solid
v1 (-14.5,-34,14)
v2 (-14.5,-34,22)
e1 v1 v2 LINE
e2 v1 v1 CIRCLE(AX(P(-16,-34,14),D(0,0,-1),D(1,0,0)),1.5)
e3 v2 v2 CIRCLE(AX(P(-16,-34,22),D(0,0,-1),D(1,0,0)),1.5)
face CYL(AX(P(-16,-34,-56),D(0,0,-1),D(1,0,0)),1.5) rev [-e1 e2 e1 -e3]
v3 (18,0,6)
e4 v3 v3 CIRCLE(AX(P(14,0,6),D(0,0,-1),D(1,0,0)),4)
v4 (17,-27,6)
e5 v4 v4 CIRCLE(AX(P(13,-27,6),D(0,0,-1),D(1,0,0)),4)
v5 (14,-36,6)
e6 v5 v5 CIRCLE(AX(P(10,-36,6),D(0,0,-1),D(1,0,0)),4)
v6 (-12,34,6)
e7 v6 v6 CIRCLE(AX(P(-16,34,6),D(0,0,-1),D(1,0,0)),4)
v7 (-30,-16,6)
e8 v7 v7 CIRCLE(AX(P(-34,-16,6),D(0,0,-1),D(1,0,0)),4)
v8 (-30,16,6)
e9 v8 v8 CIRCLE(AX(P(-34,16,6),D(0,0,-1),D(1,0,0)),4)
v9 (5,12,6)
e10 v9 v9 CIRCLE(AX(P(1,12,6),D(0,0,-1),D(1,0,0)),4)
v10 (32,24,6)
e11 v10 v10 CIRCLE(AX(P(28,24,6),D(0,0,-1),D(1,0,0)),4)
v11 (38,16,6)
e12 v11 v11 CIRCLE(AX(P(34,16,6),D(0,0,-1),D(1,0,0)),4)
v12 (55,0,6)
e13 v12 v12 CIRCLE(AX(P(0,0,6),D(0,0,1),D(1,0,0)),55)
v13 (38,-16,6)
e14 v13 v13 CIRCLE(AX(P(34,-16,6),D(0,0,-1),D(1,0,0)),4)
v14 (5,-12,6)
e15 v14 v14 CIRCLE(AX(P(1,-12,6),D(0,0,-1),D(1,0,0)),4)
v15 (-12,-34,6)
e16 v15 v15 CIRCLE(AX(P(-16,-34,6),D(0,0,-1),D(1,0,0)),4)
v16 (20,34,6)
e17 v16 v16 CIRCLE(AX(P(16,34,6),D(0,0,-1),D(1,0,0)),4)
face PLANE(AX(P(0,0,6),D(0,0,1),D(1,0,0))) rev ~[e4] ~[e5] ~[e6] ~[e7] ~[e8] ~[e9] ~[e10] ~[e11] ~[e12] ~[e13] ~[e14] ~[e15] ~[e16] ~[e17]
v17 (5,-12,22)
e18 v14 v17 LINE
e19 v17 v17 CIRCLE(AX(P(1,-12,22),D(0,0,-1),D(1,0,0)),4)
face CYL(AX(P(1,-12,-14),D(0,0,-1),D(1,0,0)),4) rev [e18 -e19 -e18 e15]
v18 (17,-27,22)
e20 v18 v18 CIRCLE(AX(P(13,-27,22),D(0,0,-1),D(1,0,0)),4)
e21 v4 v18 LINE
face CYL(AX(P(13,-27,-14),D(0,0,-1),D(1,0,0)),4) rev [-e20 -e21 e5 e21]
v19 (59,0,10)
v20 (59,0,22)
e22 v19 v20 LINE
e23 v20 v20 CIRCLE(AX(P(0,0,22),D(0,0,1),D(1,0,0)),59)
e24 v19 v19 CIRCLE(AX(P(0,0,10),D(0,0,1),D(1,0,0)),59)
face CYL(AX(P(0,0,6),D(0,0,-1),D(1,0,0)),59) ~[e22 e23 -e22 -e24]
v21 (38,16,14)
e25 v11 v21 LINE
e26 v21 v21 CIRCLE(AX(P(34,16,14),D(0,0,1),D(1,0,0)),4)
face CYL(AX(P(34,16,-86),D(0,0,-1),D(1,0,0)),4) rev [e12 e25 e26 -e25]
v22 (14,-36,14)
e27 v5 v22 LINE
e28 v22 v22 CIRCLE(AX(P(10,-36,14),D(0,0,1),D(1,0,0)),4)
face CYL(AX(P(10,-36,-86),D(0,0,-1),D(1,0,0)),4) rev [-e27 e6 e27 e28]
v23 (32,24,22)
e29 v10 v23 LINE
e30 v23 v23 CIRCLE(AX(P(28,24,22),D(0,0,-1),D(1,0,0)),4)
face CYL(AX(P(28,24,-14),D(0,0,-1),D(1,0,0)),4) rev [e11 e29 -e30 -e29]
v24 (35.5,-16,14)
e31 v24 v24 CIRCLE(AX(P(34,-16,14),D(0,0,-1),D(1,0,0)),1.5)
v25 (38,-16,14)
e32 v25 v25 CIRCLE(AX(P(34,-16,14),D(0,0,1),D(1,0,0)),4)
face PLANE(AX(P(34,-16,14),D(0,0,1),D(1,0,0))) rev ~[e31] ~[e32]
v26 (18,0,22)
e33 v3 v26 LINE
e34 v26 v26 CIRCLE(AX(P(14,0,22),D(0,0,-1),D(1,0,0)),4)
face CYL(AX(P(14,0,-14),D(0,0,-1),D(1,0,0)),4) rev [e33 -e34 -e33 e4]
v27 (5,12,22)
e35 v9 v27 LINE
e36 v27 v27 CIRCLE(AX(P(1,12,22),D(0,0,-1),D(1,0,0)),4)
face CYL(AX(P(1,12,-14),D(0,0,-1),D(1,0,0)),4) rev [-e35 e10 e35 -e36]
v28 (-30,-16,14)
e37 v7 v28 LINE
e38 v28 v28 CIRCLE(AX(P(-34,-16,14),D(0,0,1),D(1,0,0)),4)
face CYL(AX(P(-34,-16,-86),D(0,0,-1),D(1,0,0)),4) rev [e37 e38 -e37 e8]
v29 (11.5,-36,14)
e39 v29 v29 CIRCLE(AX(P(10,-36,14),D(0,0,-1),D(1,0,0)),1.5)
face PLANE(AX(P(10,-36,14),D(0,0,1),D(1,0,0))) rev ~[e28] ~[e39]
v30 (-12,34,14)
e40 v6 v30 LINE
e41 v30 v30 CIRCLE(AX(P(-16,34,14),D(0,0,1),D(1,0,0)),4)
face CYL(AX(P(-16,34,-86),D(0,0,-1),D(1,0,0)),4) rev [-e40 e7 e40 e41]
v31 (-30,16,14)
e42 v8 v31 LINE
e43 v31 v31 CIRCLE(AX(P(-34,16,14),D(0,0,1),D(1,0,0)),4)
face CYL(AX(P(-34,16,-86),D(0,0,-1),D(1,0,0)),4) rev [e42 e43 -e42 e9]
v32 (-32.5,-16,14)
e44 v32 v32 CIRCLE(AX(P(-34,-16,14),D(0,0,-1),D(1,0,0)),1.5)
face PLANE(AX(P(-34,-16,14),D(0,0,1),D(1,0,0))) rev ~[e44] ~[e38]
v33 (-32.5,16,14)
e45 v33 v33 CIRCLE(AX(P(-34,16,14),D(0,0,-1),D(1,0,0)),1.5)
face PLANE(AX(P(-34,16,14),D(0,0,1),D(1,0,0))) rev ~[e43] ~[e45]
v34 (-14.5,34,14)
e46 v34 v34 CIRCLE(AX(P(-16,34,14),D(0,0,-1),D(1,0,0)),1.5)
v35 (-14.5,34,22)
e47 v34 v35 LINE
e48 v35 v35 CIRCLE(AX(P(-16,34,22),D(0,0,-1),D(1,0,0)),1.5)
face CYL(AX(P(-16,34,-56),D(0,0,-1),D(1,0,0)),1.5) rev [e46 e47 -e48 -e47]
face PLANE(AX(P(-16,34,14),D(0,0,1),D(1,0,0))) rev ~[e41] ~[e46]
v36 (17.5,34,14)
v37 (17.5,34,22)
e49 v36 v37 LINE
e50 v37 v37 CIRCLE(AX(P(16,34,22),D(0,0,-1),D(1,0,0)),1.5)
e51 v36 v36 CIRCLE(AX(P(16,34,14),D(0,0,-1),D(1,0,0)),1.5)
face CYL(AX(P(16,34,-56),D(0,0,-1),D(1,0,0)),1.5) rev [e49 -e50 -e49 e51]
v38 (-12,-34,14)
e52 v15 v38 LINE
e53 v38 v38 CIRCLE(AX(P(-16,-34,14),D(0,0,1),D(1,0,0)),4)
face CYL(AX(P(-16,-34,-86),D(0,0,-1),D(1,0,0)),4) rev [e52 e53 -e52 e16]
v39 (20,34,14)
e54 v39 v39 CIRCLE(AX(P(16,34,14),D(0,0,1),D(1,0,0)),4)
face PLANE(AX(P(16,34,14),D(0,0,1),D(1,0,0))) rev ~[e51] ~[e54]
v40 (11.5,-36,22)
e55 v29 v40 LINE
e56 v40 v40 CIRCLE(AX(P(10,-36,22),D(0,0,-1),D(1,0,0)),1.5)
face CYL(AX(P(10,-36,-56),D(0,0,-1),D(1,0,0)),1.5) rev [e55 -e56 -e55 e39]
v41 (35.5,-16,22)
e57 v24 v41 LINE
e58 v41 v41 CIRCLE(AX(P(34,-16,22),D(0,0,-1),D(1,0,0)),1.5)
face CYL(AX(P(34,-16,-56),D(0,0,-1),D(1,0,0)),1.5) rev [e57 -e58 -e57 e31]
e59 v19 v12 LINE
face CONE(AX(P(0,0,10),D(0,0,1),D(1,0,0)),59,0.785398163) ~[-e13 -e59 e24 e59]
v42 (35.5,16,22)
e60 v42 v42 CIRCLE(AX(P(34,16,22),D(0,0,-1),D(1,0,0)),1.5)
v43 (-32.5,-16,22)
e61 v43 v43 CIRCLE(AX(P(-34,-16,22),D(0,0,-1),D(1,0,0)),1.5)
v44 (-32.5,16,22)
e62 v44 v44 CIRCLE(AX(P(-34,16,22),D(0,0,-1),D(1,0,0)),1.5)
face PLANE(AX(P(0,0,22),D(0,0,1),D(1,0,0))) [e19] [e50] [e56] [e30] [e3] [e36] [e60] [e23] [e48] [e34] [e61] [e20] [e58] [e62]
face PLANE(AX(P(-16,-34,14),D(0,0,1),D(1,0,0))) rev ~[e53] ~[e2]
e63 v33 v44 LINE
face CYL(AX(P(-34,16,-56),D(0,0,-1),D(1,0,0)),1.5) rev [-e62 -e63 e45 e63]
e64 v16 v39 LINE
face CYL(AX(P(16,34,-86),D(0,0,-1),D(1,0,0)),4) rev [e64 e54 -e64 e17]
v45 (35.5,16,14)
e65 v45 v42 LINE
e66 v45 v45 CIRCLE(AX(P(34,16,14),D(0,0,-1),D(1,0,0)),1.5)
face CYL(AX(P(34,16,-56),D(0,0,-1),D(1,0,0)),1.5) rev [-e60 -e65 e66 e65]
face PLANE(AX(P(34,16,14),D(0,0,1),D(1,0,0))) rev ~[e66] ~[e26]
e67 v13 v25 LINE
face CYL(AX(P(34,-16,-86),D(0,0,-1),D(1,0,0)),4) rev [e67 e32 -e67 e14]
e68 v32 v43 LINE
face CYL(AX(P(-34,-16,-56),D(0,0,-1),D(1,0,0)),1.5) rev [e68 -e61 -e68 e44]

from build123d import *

# Parameters (mm, degrees)
CYLINDER1484_R     = 4
CYLINDER1484_DEPTH = 100
CYLINDER1483_R     = 4
CYLINDER1483_DEPTH = 100
CYLINDER1467_R     = 1.5
CYLINDER1467_DEPTH = 100
CYLINDER1468_R     = 1.5
CYLINDER1468_DEPTH = 100
CYLINDER1469_R     = 1.5
CYLINDER1469_DEPTH = 100
CYLINDER1470_R     = 1.5
CYLINDER1470_DEPTH = 100
CYLINDER1471_R     = 1.5
CYLINDER1471_DEPTH = 100
CYLINDER1472_R     = 1.5
CYLINDER1472_DEPTH = 100
CYLINDER1473_R     = 1.5
CYLINDER1473_DEPTH = 100
CYLINDER1466_R     = 1.5
CYLINDER1466_DEPTH = 100
CYLINDER1487_R     = 4
CYLINDER1487_DEPTH = 100
CYLINDER1485_R     = 4
CYLINDER1485_DEPTH = 100
CYLINDER1488_R     = 4
CYLINDER1488_DEPTH = 100
CYLINDER1489_R     = 4
CYLINDER1489_DEPTH = 100
CYLINDER1490_R     = 4
CYLINDER1490_DEPTH = 100
CYLINDER1491_R     = 4
CYLINDER1491_DEPTH = 100
CYLINDER1326_R     = 4
CYLINDER1326_DEPTH = 100
CYLINDER1486_R     = 4
CYLINDER1486_DEPTH = 100
CYLINDER1476_R     = 4
CYLINDER1476_DEPTH = 20
CYLINDER1477_R     = 4
CYLINDER1477_DEPTH = 20
CYLINDER1478_R     = 4
CYLINDER1478_DEPTH = 20
CYLINDER1479_R     = 4
CYLINDER1479_DEPTH = 40
CYLINDER1480_R     = 4
CYLINDER1480_DEPTH = 40
CYLINDER1481_R     = 4
CYLINDER1481_DEPTH = 40
CYLINDER1482_R     = 4
CYLINDER1482_DEPTH = 40
CYLINDER1475_R     = 4
CYLINDER1475_DEPTH = 20
CYLINDER1474_R     = 59
CYLINDER1474_DEPTH = 16
CHAMFER038_SIZE    = 4


with BuildPart() as v_lec1484:
    # Cylinder1484 → Cylinder1484 (new body)
    with BuildSketch(Plane(origin=(14, 0, -18), x_dir=(1, 0, 0), z_dir=(0, 0, 1))):
        Circle(CYLINDER1484_R)
    extrude(amount=CYLINDER1484_DEPTH)


with BuildPart() as srouby_troj_silne003:
    # Cylinder1483 → Cylinder1483 (new body)
    with BuildSketch(Plane(origin=(90, 0, -18), x_dir=(1, 0, 0), z_dir=(0, 0, 1))):
        Circle(CYLINDER1483_R)
    extrude(amount=CYLINDER1483_DEPTH)

    # Compound896: union Válec1484
    add(v_lec1484.part)


with BuildPart() as v_lec1467:
    # Cylinder1467 → Cylinder1467 (new body)
    with BuildSketch(Plane(origin=(-34, -16, -60), x_dir=(1, 0, 0), z_dir=(0, 0, 1))):
        Circle(CYLINDER1467_R)
    extrude(amount=CYLINDER1467_DEPTH)


with BuildPart() as v_lec1468:
    # Cylinder1468 → Cylinder1468 (new body)
    with BuildSketch(Plane(origin=(34, -16, -60), x_dir=(1, 0, 0), z_dir=(0, 0, 1))):
        Circle(CYLINDER1468_R)
    extrude(amount=CYLINDER1468_DEPTH)


with BuildPart() as v_lec1469:
    # Cylinder1469 → Cylinder1469 (new body)
    with BuildSketch(Plane(origin=(34, 16, -60), x_dir=(1, 0, 0), z_dir=(0, 0, 1))):
        Circle(CYLINDER1469_R)
    extrude(amount=CYLINDER1469_DEPTH)


with BuildPart() as v_lec1470:
    # Cylinder1470 → Cylinder1470 (new body)
    with BuildSketch(Plane(origin=(16, 34, -60), x_dir=(1, 0, 0), z_dir=(0, 0, 1))):
        Circle(CYLINDER1470_R)
    extrude(amount=CYLINDER1470_DEPTH)


with BuildPart() as v_lec1471:
    # Cylinder1471 → Cylinder1471 (new body)
    with BuildSketch(Plane(origin=(10, -36, -60), x_dir=(1, 0, 0), z_dir=(0, 0, 1))):
        Circle(CYLINDER1471_R)
    extrude(amount=CYLINDER1471_DEPTH)


with BuildPart() as v_lec1472:
    # Cylinder1472 → Cylinder1472 (new body)
    with BuildSketch(Plane(origin=(-16, -34, -60), x_dir=(1, 0, 0), z_dir=(0, 0, 1))):
        Circle(CYLINDER1472_R)
    extrude(amount=CYLINDER1472_DEPTH)


with BuildPart() as v_lec1473:
    # Cylinder1473 → Cylinder1473 (new body)
    with BuildSketch(Plane(origin=(-16, 34, -60), x_dir=(1, 0, 0), z_dir=(0, 0, 1))):
        Circle(CYLINDER1473_R)
    extrude(amount=CYLINDER1473_DEPTH)


with BuildPart() as sbouby_baze003:
    # Cylinder1466 → Cylinder1466 (new body)
    with BuildSketch(Plane(origin=(-34, 16, -60), x_dir=(1, 0, 0), z_dir=(0, 0, 1))):
        Circle(CYLINDER1466_R)
    extrude(amount=CYLINDER1466_DEPTH)

    # Compound893: union Válec1467, Válec1468, Válec1469, Válec1470, Válec1471, Válec1472, Válec1473
    add(v_lec1467.part)
    add(v_lec1468.part)
    add(v_lec1469.part)
    add(v_lec1470.part)
    add(v_lec1471.part)
    add(v_lec1472.part)
    add(v_lec1473.part)


with BuildPart() as v_lec1487:
    # Cylinder1487 → Cylinder1487 (new body)
    with BuildSketch(Plane(origin=(-16, 34, -90), x_dir=(1, 0, 0), z_dir=(0, 0, 1))):
        Circle(CYLINDER1487_R)
    extrude(amount=CYLINDER1487_DEPTH)


with BuildPart() as v_lec1485:
    # Cylinder1485 → Cylinder1485 (new body)
    with BuildSketch(Plane(origin=(-16, -34, -90), x_dir=(1, 0, 0), z_dir=(0, 0, 1))):
        Circle(CYLINDER1485_R)
    extrude(amount=CYLINDER1485_DEPTH)


with BuildPart() as v_lec1488:
    # Cylinder1488 → Cylinder1488 (new body)
    with BuildSketch(Plane(origin=(34, -16, -90), x_dir=(1, 0, 0), z_dir=(0, 0, 1))):
        Circle(CYLINDER1488_R)
    extrude(amount=CYLINDER1488_DEPTH)


with BuildPart() as v_lec1489:
    # Cylinder1489 → Cylinder1489 (new body)
    with BuildSketch(Plane(origin=(16, 34, -90), x_dir=(1, 0, 0), z_dir=(0, 0, 1))):
        Circle(CYLINDER1489_R)
    extrude(amount=CYLINDER1489_DEPTH)


with BuildPart() as v_lec1490:
    # Cylinder1490 → Cylinder1490 (new body)
    with BuildSketch(Plane(origin=(10, -36, -90), x_dir=(1, 0, 0), z_dir=(0, 0, 1))):
        Circle(CYLINDER1490_R)
    extrude(amount=CYLINDER1490_DEPTH)


with BuildPart() as v_lec1491:
    # Cylinder1491 → Cylinder1491 (new body)
    with BuildSketch(Plane(origin=(-34, 16, -90), x_dir=(1, 0, 0), z_dir=(0, 0, 1))):
        Circle(CYLINDER1491_R)
    extrude(amount=CYLINDER1491_DEPTH)


with BuildPart() as v_lec1326:
    # Cylinder1326 → Cylinder1326 (new body)
    with BuildSketch(Plane(origin=(34, 16, -90), x_dir=(1, 0, 0), z_dir=(0, 0, 1))):
        Circle(CYLINDER1326_R)
    extrude(amount=CYLINDER1326_DEPTH)


with BuildPart() as sbouby_baze_silne004:
    # Cylinder1486 → Cylinder1486 (new body)
    with BuildSketch(Plane(origin=(-34, -16, -90), x_dir=(1, 0, 0), z_dir=(0, 0, 1))):
        Circle(CYLINDER1486_R)
    extrude(amount=CYLINDER1486_DEPTH)

    # Compound895: union Válec1487, Válec1485, Válec1488, Válec1489, Válec1490, Válec1491, Válec1326
    add(v_lec1487.part)
    add(v_lec1485.part)
    add(v_lec1488.part)
    add(v_lec1489.part)
    add(v_lec1490.part)
    add(v_lec1491.part)
    add(v_lec1326.part)


with BuildPart() as v_lec1476:
    # Cylinder1476 → Cylinder1476 (new body)
    with BuildSketch(Plane(origin=(103, 12, -20), x_dir=(1, 0, 0), z_dir=(0, 0, 1))):
        Circle(CYLINDER1476_R)
    extrude(amount=CYLINDER1476_DEPTH)


with BuildPart() as v_lec1477:
    # Cylinder1477 → Cylinder1477 (new body)
    with BuildSketch(Plane(origin=(76, 24, -18), x_dir=(1, 0, 0), z_dir=(0, 0, 1))):
        Circle(CYLINDER1477_R)
    extrude(amount=CYLINDER1477_DEPTH)


with BuildPart() as v_lec1478:
    # Cylinder1478 → Cylinder1478 (new body)
    with BuildSketch(Plane(origin=(91, -27, -18), x_dir=(1, 0, 0), z_dir=(0, 0, 1))):
        Circle(CYLINDER1478_R)
    extrude(amount=CYLINDER1478_DEPTH)


with BuildPart() as v_lec1479:
    # Cylinder1479 → Cylinder1479 (new body)
    with BuildSketch(Plane(origin=(13, -27, -18), x_dir=(1, 0, 0), z_dir=(0, 0, 1))):
        Circle(CYLINDER1479_R)
    extrude(amount=CYLINDER1479_DEPTH)


with BuildPart() as v_lec1480:
    # Cylinder1480 → Cylinder1480 (new body)
    with BuildSketch(Plane(origin=(28, 24, -18), x_dir=(1, 0, 0), z_dir=(0, 0, 1))):
        Circle(CYLINDER1480_R)
    extrude(amount=CYLINDER1480_DEPTH)


with BuildPart() as v_lec1481:
    # Cylinder1481 → Cylinder1481 (new body)
    with BuildSketch(Plane(origin=(1, -12, -18), x_dir=(1, 0, 0), z_dir=(0, 0, 1))):
        Circle(CYLINDER1481_R)
    extrude(amount=CYLINDER1481_DEPTH)


with BuildPart() as v_lec1482:
    # Cylinder1482 → Cylinder1482 (new body)
    with BuildSketch(Plane(origin=(1, 12, -18), x_dir=(1, 0, 0), z_dir=(0, 0, 1))):
        Circle(CYLINDER1482_R)
    extrude(amount=CYLINDER1482_DEPTH)


with BuildPart() as srouby_monoblok_silne004:
    # Cylinder1475 → Cylinder1475 (new body)
    with BuildSketch(Plane(origin=(103, -12, -20), x_dir=(1, 0, 0), z_dir=(0, 0, 1))):
        Circle(CYLINDER1475_R)
    extrude(amount=CYLINDER1475_DEPTH)

    # Compound894: union Válec1476, Válec1477, Válec1478, Válec1479, Válec1480, Válec1481, Válec1482
    add(v_lec1476.part)
    add(v_lec1477.part)
    add(v_lec1478.part)
    add(v_lec1479.part)
    add(v_lec1480.part)
    add(v_lec1481.part)
    add(v_lec1482.part)


with BuildPart() as cut308:
    # Cylinder1474 → Cylinder1474 (new body)
    with BuildSketch(Plane.XY.offset(2)):
        Circle(CYLINDER1474_R)
    extrude(amount=CYLINDER1474_DEPTH)

    # Cut305: cut srouby_monoblok_silne004
    add(srouby_monoblok_silne004.part, mode=Mode.SUBTRACT)

    # Cut306: cut sbouby_baze_silne004
    add(sbouby_baze_silne004.part, mode=Mode.SUBTRACT)

    # Cut307: cut sbouby_baze003
    add(sbouby_baze003.part, mode=Mode.SUBTRACT)

    # Chamfer038
    chamfer038_edges = [cut308.edges().sort_by_distance(p)[0] for p in [
        (-59, 0, 2),
    ]]
    chamfer(chamfer038_edges, length=CHAMFER038_SIZE)

    # Cut308: cut srouby_troj_silne003
    add(srouby_troj_silne003.part, mode=Mode.SUBTRACT)


with BuildPart() as cut308_1:
    # Cut308 placement: moved
    add(cut308.part.moved(Location((0, 0, 4))))


solid = cut308_1.part
